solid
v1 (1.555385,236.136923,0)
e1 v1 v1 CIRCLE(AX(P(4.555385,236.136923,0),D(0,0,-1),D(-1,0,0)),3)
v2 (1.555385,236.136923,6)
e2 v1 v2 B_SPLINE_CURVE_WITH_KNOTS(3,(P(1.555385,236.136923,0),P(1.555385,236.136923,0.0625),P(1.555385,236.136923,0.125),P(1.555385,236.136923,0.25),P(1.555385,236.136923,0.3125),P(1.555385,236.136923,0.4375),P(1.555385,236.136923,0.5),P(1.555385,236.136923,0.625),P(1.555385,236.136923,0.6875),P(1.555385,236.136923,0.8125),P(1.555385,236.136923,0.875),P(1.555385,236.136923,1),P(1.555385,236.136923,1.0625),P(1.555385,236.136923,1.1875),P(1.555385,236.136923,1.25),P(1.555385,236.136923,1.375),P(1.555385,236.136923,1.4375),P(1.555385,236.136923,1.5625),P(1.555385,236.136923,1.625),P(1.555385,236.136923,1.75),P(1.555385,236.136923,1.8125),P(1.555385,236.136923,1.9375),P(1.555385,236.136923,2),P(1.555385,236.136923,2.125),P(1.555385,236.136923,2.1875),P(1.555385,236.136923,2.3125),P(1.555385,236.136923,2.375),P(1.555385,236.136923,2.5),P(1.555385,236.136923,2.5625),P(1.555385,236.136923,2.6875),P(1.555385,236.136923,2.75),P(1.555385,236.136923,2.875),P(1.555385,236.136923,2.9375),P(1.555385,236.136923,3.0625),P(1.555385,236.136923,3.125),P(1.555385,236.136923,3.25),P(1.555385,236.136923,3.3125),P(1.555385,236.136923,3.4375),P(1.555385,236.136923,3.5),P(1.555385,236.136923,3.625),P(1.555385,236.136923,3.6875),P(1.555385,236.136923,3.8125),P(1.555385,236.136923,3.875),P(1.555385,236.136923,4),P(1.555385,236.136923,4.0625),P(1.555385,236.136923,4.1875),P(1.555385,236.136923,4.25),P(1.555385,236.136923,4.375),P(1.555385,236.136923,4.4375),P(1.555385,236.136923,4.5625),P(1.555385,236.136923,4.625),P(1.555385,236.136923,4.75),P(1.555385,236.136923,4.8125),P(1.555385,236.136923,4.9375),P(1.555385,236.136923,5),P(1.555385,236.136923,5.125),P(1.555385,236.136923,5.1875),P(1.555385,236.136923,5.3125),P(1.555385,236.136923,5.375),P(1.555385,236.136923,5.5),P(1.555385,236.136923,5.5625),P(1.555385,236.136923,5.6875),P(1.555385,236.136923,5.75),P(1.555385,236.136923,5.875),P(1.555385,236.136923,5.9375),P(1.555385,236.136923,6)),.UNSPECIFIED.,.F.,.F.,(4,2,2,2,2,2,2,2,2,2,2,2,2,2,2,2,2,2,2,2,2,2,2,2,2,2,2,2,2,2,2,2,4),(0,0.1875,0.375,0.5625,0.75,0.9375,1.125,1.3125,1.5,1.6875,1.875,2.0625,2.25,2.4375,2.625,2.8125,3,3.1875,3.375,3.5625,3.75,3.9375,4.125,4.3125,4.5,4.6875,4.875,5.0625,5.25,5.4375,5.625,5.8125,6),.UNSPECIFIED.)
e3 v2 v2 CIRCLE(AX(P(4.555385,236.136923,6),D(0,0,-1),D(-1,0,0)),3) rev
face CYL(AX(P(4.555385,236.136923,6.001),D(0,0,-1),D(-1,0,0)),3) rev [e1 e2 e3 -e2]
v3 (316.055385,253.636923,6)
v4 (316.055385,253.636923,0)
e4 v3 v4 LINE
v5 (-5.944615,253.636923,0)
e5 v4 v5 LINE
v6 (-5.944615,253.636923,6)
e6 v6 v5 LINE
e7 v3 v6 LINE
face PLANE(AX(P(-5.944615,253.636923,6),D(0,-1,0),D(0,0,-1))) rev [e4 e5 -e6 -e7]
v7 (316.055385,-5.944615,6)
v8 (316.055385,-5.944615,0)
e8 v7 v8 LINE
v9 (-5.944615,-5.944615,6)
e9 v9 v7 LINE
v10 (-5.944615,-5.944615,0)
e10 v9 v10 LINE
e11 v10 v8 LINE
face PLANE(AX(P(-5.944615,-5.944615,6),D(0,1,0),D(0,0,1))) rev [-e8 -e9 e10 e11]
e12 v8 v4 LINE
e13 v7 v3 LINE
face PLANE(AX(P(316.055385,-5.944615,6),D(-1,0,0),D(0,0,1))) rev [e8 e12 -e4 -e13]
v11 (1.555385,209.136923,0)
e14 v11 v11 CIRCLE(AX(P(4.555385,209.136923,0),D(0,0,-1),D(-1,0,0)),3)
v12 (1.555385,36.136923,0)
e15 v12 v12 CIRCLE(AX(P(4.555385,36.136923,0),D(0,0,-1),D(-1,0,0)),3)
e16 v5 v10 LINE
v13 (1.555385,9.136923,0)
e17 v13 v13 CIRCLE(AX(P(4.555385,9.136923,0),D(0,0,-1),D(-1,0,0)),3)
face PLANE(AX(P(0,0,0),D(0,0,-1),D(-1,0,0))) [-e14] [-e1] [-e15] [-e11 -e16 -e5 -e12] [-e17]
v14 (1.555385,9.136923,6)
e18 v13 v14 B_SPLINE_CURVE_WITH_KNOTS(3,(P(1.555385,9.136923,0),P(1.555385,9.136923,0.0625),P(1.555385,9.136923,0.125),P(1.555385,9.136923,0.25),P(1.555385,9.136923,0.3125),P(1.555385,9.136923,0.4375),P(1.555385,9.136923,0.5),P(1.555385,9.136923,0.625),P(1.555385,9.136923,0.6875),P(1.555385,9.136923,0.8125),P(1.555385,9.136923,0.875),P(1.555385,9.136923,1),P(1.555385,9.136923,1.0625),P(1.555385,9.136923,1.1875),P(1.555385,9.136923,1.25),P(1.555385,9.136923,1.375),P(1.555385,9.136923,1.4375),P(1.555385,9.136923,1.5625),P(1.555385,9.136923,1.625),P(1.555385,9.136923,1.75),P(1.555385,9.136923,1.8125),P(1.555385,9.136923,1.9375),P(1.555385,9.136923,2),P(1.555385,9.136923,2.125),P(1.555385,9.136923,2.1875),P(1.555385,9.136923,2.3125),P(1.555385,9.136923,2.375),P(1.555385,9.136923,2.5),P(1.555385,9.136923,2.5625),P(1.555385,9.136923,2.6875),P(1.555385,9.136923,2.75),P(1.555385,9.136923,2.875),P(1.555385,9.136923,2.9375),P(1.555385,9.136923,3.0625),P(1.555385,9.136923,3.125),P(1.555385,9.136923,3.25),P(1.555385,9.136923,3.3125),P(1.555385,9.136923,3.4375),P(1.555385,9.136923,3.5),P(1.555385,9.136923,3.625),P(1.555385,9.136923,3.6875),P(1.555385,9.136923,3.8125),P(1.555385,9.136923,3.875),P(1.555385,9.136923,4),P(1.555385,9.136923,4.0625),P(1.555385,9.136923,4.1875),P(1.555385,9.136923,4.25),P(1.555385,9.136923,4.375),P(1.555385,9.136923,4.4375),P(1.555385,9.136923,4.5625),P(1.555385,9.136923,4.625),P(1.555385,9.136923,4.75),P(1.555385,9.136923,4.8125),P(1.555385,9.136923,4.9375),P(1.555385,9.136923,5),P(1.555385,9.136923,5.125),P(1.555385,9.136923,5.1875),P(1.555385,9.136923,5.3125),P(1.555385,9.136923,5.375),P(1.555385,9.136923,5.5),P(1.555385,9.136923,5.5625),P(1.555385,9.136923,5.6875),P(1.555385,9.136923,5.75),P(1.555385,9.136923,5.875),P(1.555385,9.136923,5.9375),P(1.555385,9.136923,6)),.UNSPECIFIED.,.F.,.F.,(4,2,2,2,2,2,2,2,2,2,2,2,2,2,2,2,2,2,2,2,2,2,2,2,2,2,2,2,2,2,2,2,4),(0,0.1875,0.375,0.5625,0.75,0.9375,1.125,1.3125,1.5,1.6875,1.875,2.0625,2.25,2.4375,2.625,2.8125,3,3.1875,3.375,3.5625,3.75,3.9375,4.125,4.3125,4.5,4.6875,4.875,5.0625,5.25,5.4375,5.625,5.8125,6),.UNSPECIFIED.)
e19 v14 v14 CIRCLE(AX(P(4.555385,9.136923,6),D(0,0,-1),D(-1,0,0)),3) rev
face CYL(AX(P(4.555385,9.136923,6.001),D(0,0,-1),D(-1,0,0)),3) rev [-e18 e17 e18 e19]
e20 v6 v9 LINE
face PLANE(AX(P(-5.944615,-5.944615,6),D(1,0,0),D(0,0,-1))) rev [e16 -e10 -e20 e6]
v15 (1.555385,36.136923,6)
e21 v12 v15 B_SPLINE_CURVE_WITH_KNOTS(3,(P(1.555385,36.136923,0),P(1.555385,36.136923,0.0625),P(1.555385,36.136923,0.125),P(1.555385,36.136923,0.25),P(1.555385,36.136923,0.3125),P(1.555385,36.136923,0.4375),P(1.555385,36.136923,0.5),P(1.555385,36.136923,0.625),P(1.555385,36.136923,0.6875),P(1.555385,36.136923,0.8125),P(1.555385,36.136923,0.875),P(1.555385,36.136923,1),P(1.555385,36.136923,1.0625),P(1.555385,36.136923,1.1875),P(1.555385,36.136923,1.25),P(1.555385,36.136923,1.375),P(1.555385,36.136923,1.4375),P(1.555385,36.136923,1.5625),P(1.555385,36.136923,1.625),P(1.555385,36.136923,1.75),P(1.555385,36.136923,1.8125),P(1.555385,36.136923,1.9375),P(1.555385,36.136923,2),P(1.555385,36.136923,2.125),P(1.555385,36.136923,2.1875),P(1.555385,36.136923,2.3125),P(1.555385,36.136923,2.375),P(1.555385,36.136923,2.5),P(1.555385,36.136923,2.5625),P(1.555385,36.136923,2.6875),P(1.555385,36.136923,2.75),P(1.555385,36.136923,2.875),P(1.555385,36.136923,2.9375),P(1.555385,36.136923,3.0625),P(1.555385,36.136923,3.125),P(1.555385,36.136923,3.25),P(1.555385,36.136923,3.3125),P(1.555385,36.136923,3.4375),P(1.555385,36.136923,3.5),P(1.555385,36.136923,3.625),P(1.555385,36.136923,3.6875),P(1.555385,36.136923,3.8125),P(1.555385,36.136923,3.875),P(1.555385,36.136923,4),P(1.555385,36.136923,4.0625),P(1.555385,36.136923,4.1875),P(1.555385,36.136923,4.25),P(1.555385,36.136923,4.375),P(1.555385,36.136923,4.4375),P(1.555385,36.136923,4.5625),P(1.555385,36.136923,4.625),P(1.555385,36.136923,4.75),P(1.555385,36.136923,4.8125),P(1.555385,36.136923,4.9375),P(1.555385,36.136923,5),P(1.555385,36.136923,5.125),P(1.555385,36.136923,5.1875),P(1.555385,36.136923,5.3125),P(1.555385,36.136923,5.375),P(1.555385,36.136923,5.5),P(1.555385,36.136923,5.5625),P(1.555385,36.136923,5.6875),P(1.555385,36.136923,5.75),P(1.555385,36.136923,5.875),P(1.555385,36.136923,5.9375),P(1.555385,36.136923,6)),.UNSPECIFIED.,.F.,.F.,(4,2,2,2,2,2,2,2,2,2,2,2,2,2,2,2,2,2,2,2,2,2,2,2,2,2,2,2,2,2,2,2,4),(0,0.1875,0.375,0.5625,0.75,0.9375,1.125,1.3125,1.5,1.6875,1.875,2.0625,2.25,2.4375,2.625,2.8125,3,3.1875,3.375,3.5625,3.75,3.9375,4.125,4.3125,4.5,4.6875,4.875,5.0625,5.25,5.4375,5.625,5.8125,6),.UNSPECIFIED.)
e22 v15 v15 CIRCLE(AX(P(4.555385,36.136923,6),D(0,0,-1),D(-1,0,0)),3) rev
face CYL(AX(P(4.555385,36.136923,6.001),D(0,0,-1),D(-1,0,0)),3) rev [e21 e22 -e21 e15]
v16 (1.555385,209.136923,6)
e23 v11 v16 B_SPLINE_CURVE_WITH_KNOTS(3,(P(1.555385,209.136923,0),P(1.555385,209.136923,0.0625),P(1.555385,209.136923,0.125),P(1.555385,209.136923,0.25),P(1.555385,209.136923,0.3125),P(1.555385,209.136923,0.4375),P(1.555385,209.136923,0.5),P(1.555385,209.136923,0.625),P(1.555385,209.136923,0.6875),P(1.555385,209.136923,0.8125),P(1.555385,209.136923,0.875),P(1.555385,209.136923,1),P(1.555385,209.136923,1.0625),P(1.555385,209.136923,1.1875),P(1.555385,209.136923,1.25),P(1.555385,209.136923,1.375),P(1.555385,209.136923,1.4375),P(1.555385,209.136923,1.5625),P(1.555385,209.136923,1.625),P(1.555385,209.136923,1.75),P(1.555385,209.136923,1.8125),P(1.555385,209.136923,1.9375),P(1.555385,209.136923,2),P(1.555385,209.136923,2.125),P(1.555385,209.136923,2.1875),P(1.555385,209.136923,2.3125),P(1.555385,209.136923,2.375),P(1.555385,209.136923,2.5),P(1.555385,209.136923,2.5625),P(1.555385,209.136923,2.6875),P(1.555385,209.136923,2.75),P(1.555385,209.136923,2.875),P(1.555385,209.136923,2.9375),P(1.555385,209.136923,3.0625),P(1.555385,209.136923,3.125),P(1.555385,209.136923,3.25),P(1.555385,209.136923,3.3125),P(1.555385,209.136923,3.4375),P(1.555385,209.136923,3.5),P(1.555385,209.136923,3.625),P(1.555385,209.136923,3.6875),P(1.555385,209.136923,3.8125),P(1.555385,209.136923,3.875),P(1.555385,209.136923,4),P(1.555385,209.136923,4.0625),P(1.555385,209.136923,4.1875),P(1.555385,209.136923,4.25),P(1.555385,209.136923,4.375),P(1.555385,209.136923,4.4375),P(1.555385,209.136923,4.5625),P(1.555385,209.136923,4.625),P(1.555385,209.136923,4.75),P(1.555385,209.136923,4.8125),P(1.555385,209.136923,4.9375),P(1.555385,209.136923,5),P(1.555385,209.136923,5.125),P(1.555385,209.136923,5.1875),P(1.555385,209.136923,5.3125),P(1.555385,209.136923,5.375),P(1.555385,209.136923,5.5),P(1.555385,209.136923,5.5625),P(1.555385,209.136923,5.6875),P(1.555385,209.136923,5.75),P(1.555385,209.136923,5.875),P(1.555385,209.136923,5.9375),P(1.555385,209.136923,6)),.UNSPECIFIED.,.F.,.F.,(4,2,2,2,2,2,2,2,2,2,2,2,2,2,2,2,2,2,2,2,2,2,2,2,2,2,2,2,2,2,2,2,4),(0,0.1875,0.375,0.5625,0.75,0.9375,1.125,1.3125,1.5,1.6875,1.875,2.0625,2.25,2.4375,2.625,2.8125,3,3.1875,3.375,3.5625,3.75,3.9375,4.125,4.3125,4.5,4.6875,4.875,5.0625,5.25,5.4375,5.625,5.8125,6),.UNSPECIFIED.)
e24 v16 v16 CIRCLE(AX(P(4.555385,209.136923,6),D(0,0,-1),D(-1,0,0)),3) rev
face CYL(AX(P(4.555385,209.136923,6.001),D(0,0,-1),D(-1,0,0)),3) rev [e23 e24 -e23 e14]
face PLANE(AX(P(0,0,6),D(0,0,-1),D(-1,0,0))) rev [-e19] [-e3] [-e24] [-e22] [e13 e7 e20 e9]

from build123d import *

# Parameters (mm, degrees)
ESQUISSE1_W             = 322
ESQUISSE1_H             = 259.581538462
BOSS_EXTRU_1_DEPTH      = 6
ENL_V_MAT_EXTRU_1_REACH = 407.288
ESQUISSE2_R             = 3


with BuildPart() as part:
    # Esquisse1 → Boss.-Extru.1 (new body)
    with BuildSketch(Plane.XY):
        with Locations((155.055384615, 123.846153846)):
            Rectangle(ESQUISSE1_W, ESQUISSE1_H)
    extrude(amount=BOSS_EXTRU_1_DEPTH)

    # Esquisse2 → Enlèv. mat.-Extru.1 (cut, up to next)
    with BuildSketch(Plane(origin=(0, 0, 0), x_dir=(-1, 0, 0), z_dir=(0, 0, -1)), mode=Mode.PRIVATE) as enl_v_mat_extru_1_sk1:
        with Locations((-4.555384615, 236.136923077)):
            Circle(ESQUISSE2_R)
    enl_v_mat_extru_1_tool1 = extrude(enl_v_mat_extru_1_sk1.sketch, amount=-ENL_V_MAT_EXTRU_1_REACH, mode=Mode.PRIVATE) & part.part
    # Esquisse2 → Enlèv. mat.-Extru.1 (cut, up to next)
    with BuildSketch(Plane(origin=(0, 0, 0), x_dir=(-1, 0, 0), z_dir=(0, 0, -1)), mode=Mode.PRIVATE) as enl_v_mat_extru_1_sk2:
        with Locations((-4.555384615, 209.136923077)):
            Circle(ESQUISSE2_R)
    enl_v_mat_extru_1_tool2 = extrude(enl_v_mat_extru_1_sk2.sketch, amount=-ENL_V_MAT_EXTRU_1_REACH, mode=Mode.PRIVATE) & part.part
    # Esquisse2 → Enlèv. mat.-Extru.1 (cut, up to next)
    with BuildSketch(Plane(origin=(0, 0, 0), x_dir=(-1, 0, 0), z_dir=(0, 0, -1)), mode=Mode.PRIVATE) as enl_v_mat_extru_1_sk3:
        with Locations((-4.555384615, 36.136923077)):
            Circle(ESQUISSE2_R)
    enl_v_mat_extru_1_tool3 = extrude(enl_v_mat_extru_1_sk3.sketch, amount=-ENL_V_MAT_EXTRU_1_REACH, mode=Mode.PRIVATE) & part.part
    # Esquisse2 → Enlèv. mat.-Extru.1 (cut, up to next)
    with BuildSketch(Plane(origin=(0, 0, 0), x_dir=(-1, 0, 0), z_dir=(0, 0, -1)), mode=Mode.PRIVATE) as enl_v_mat_extru_1_sk4:
        with Locations((-4.555384615, 9.136923077)):
            Circle(ESQUISSE2_R)
    enl_v_mat_extru_1_tool4 = extrude(enl_v_mat_extru_1_sk4.sketch, amount=-ENL_V_MAT_EXTRU_1_REACH, mode=Mode.PRIVATE) & part.part
    add(enl_v_mat_extru_1_tool1.solids().sort_by_distance((4.555385, 236.136923, 0))[0], mode=Mode.SUBTRACT)
    add(enl_v_mat_extru_1_tool2.solids().sort_by_distance((4.555385, 209.136923, 0))[0], mode=Mode.SUBTRACT)
    add(enl_v_mat_extru_1_tool3.solids().sort_by_distance((4.555385, 36.136923, 0))[0], mode=Mode.SUBTRACT)
    add(enl_v_mat_extru_1_tool4.solids().sort_by_distance((4.555385, 9.136923, 0))[0], mode=Mode.SUBTRACT)


solid = part.part
